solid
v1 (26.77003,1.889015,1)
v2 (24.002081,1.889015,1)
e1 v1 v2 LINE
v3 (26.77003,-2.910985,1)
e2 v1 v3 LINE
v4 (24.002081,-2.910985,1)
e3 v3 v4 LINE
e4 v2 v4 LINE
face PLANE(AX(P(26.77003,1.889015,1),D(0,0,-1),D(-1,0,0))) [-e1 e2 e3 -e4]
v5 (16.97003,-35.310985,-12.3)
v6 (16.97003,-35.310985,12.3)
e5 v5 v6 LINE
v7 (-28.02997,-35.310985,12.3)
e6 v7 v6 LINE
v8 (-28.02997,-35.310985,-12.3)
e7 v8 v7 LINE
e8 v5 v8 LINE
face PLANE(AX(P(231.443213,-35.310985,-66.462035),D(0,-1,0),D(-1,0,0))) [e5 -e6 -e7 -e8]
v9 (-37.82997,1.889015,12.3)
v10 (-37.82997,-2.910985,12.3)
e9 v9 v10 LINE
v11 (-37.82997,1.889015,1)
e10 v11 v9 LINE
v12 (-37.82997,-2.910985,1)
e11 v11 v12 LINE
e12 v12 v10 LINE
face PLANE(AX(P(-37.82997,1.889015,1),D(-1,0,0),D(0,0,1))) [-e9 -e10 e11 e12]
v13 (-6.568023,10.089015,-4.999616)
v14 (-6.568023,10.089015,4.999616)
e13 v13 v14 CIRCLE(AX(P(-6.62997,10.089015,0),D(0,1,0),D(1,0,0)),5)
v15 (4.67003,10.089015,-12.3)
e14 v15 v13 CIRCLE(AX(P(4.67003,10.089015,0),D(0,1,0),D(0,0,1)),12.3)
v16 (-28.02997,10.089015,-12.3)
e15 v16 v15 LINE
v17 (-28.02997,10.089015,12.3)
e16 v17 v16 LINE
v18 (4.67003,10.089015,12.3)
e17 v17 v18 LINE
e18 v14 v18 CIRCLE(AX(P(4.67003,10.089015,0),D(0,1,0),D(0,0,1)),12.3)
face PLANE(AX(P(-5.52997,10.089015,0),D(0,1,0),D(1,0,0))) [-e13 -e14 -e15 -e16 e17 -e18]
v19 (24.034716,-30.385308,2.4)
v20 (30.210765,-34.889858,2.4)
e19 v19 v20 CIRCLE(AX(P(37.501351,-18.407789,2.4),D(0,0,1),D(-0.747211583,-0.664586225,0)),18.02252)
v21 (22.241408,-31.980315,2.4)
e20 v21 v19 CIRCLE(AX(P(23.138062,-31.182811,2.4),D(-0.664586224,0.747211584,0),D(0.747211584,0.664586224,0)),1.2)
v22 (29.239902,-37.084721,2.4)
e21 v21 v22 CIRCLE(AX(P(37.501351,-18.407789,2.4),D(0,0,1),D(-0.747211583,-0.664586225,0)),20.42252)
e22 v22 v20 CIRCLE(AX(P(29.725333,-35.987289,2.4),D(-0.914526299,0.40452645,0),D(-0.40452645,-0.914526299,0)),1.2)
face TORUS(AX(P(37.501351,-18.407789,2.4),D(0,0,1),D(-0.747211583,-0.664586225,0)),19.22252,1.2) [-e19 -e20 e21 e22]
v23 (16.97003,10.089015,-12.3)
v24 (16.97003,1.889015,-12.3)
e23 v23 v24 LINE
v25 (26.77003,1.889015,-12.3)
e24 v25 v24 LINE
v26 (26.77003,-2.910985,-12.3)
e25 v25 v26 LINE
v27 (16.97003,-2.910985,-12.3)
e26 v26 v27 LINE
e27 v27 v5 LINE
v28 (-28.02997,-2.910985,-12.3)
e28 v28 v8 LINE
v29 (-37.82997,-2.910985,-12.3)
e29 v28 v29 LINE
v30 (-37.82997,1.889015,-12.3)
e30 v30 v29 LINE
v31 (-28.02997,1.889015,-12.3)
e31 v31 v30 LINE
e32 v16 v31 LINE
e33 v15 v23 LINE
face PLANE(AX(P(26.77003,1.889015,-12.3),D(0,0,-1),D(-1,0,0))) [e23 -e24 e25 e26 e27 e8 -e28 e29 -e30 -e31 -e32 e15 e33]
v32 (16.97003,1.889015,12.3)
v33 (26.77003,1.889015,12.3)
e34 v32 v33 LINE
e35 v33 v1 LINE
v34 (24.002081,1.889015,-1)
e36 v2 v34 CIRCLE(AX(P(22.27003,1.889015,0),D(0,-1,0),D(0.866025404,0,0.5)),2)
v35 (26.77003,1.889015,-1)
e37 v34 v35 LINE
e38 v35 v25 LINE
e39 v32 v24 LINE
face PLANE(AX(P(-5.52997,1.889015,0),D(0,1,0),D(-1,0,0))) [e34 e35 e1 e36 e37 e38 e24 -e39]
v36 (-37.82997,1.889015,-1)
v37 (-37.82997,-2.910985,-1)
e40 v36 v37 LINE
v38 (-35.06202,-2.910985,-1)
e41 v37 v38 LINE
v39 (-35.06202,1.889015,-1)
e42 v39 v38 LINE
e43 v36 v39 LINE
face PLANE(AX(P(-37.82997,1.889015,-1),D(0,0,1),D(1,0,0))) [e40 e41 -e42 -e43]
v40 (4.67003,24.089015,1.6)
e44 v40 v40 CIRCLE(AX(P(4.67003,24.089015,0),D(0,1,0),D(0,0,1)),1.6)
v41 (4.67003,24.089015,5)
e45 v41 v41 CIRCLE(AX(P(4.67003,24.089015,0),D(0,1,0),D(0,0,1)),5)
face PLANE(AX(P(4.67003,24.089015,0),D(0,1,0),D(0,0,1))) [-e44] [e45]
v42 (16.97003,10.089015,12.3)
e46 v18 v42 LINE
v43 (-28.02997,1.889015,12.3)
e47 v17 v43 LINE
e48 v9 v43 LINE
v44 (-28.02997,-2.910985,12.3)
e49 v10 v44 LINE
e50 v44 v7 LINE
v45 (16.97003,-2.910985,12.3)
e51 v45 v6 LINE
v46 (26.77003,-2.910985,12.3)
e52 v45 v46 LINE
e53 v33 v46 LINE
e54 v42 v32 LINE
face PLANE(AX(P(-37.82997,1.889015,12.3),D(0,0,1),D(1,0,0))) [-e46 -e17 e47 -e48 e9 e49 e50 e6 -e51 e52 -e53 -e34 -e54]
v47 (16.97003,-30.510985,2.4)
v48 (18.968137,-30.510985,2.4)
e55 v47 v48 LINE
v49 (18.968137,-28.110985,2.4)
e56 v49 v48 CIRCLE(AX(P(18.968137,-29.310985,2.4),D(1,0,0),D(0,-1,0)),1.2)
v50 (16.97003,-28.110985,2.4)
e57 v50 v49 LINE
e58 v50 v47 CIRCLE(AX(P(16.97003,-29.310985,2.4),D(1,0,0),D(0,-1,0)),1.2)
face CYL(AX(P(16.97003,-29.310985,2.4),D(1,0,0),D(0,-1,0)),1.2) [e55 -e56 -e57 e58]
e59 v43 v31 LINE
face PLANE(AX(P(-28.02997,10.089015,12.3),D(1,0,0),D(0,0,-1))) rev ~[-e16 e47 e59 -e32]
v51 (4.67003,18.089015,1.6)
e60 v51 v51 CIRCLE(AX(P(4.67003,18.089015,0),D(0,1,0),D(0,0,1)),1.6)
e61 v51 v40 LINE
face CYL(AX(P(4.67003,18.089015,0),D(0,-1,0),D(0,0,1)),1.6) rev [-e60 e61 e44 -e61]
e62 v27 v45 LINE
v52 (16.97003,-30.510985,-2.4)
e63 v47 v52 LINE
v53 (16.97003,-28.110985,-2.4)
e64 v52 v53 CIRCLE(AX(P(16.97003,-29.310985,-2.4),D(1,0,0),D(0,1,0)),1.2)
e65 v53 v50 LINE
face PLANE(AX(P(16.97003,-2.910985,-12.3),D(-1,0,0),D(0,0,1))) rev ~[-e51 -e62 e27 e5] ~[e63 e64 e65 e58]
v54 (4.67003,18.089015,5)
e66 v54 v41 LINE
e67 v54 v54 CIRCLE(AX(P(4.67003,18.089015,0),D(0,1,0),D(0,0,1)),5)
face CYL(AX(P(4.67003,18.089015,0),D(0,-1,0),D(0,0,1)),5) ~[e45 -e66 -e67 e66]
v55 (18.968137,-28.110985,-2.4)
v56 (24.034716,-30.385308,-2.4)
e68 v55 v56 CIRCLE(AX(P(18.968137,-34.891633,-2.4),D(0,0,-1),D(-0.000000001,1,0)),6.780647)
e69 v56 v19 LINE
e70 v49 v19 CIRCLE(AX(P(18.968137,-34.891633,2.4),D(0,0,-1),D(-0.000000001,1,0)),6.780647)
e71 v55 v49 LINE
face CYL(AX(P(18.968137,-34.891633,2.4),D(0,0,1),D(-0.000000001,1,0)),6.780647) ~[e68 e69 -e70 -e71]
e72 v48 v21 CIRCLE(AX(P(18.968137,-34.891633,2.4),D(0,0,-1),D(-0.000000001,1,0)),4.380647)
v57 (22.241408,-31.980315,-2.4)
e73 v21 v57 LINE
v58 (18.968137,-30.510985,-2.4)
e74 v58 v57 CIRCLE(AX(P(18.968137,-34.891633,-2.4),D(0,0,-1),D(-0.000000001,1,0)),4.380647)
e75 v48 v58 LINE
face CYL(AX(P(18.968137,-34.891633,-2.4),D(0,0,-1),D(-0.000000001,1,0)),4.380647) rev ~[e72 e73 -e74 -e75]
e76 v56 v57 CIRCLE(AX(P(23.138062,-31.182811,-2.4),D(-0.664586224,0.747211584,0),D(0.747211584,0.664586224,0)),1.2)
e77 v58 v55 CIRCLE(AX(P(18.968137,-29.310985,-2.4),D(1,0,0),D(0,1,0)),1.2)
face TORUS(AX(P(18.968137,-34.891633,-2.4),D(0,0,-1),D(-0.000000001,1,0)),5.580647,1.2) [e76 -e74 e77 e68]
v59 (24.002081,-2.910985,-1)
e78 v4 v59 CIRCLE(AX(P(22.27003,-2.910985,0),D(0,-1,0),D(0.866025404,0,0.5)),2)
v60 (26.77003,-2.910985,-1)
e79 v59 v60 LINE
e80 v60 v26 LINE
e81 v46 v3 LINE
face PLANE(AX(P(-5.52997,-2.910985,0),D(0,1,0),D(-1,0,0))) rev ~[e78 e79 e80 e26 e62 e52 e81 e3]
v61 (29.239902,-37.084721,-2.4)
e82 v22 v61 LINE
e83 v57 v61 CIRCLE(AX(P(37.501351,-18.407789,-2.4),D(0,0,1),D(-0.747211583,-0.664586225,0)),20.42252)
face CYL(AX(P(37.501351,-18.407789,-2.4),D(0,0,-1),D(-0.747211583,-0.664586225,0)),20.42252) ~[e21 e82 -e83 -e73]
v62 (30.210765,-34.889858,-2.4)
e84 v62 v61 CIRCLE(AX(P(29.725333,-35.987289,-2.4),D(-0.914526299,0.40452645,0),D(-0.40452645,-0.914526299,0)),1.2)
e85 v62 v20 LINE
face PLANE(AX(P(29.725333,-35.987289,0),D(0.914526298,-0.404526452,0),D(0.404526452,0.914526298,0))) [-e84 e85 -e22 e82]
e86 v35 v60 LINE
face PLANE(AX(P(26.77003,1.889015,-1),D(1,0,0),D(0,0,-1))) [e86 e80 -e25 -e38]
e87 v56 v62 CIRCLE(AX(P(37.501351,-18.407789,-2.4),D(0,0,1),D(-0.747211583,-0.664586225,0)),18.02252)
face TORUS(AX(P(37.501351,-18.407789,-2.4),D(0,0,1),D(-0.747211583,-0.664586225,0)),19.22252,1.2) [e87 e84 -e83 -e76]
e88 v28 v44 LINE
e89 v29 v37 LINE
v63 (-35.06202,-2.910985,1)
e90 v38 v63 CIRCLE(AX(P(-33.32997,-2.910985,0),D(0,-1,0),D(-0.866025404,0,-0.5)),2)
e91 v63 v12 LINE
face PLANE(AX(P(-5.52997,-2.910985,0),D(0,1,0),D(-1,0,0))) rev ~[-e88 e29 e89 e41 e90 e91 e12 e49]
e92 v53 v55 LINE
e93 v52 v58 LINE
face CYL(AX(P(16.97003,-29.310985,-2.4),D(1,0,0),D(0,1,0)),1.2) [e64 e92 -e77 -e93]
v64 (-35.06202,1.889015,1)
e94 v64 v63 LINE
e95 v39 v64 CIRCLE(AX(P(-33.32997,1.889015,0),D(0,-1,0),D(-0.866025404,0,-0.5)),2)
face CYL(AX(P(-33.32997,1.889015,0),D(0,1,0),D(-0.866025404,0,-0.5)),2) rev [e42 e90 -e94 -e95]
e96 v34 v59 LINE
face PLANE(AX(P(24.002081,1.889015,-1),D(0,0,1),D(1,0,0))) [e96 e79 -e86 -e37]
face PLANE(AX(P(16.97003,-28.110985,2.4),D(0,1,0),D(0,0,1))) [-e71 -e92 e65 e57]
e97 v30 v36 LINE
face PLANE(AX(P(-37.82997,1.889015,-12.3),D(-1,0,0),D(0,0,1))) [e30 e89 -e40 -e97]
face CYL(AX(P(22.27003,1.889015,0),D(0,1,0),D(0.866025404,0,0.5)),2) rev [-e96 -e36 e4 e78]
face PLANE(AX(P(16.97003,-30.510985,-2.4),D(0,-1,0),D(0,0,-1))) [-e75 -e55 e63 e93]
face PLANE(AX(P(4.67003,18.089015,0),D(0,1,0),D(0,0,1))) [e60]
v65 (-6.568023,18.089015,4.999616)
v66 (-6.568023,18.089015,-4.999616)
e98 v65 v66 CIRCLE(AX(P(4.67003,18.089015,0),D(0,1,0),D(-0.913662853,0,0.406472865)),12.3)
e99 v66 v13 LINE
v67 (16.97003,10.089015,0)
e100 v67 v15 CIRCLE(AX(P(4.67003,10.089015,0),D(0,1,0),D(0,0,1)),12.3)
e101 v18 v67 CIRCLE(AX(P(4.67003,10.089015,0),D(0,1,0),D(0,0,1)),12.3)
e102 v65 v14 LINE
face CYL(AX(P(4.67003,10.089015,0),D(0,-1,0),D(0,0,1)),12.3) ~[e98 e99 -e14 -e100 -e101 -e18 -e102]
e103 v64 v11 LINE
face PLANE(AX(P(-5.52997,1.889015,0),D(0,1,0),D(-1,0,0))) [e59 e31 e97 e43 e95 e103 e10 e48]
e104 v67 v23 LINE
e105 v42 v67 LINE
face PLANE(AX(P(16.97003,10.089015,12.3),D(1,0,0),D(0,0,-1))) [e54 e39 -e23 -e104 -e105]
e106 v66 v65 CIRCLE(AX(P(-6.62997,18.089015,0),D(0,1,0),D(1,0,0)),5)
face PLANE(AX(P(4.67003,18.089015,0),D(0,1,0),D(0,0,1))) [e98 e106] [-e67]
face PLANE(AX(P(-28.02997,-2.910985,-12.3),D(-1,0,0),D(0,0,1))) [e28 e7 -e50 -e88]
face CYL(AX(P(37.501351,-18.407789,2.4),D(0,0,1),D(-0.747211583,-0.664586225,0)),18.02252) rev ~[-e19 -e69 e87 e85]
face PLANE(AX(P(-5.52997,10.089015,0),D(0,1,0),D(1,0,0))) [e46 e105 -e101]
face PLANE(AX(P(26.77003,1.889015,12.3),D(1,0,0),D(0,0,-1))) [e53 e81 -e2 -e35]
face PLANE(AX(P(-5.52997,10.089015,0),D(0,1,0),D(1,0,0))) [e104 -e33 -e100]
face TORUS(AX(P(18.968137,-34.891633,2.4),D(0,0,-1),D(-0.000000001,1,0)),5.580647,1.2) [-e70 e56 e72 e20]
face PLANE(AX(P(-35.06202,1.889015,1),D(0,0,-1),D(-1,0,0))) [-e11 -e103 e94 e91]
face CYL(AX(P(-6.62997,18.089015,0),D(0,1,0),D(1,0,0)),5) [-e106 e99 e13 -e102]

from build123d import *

# Parameters (mm, degrees)
SKETCH1_R               = 6.15
BOSS_EXTRUDE1_DEPTH     = 4
SKETCH2_W               = 22.5
SKETCH2_H               = 12.3
BOSS_EXTRUDE2_DEPTH     = 4.1
BOSS_EXTRUDE3_DEPTH     = 2.4
SKETCH4_W               = 22.5
SKETCH4_H               = 12.3
BOSS_EXTRUDE4_DEPTH     = 23
CUT_EXTRUDE1_DEPTH      = 39.381017444
CUT_EXTRUDE1_DEPTH_BACK = 39.381017444
SKETCH6_R               = 2.5
BOSS_EXTRUDE5_DEPTH     = 23
SKETCH7_R               = 2.5
SKETCH7_R_2             = 0.8
BOSS_EXTRUDE6_DEPTH     = 3
SCALE1_SCALE            = 2


with BuildPart() as part:
    # Sketch1 → Boss-Extrude1 (new body)
    with BuildSketch(Plane(origin=(0, 0, 0), x_dir=(1, 0, 0), z_dir=(0, 1, 0))):
        with Locations(Location((0, 0, 0), (0, 0, 270))):
            Circle(SKETCH1_R)
    extrude(amount=BOSS_EXTRUDE1_DEPTH)

    # Sketch2 → Boss-Extrude2 (add)
    with BuildSketch(Plane(origin=(0, 0, 0), x_dir=(1, 0, 0), z_dir=(0, 1, 0))):
        with Locations((-5.1, 0)):
            Rectangle(SKETCH2_W, SKETCH2_H)
    extrude(amount=-BOSS_EXTRUDE2_DEPTH)

    # Sketch3 → Boss-Extrude3 (add)
    with BuildSketch(Plane.XZ.offset(4.1)):
        with BuildLine():
            Line((-21.25, 6.15), (11.05, 6.15))
            Line((11.05, 6.15), (11.05, 0.5))
            Line((11.05, 0.5), (9.666025404, 0.5))
            ThreePointArc((9.666025404, 0.5), (7.8, 0), (9.666025404, -0.5))
            Line((9.666025404, -0.5), (11.05, -0.5))
            Line((11.05, -0.5), (11.05, -6.15))
            Line((11.05, -6.15), (-21.25, -6.15))
            Line((-21.25, -6.15), (-21.25, -0.5))
            Line((-21.25, -0.5), (-19.866025404, -0.5))
            ThreePointArc((-19.866025404, -0.5), (-18, 0), (-19.866025404, 0.5))
            Line((-19.866025404, 0.5), (-21.25, 0.5))
            Line((-21.25, 0.5), (-21.25, 6.15))
        make_face()
    extrude(amount=BOSS_EXTRUDE3_DEPTH)

    # Sketch4 → Boss-Extrude4 (add)
    with BuildSketch(Plane.XZ.offset(6.5)):
        with Locations((-5.1, 0)):
            Rectangle(SKETCH4_W, SKETCH4_H)
    extrude(amount=BOSS_EXTRUDE4_DEPTH)

    # Sketch5 → Cut-Extrude1 (cut, two sides: drawn at the far end of the back side and taken through both)
    with BuildSketch(Plane.XY.offset(6.15).offset(-CUT_EXTRUDE1_DEPTH_BACK)):
        Polygon((113.386591398, -22.7), (14.208205906, -22.7), (-24.661428279, -22.7), (-123.83981377, -22.7), (-123.83981377, -221.056770983), (113.386591398, -221.056770983), align=None)
    extrude(amount=CUT_EXTRUDE1_DEPTH + CUT_EXTRUDE1_DEPTH_BACK, mode=Mode.SUBTRACT)

    # Sketch6 → Boss-Extrude5 (add)
    with BuildSketch(Plane(origin=(0, 4, 0), x_dir=(1, 0, 0), z_dir=(0, 1, 0))):
        with Locations((-5.65, 0)):
            Circle(SKETCH6_R)
    extrude(amount=-BOSS_EXTRUDE5_DEPTH)

    # Sketch7 → Boss-Extrude6 (add)
    with BuildSketch(Plane(origin=(0, 4, 0), x_dir=(1, 0, 0), z_dir=(0, 1, 0))):
        with Locations(Location((0, 0, 0), (0, 0, 270))):
            Circle(SKETCH7_R)
        with Locations(Location((0, 0, 0), (0, 0, 270))):
            Circle(SKETCH7_R_2, mode=Mode.SUBTRACT)
    extrude(amount=BOSS_EXTRUDE6_DEPTH)

    # Sweep1: sweep along a path in Sketch9
    with BuildLine(Plane.XY) as sweep1_path:
        Line((6.15, -19.7), (7.149053508, -19.7))
        ThreePointArc((7.149053508, -19.7), (8.291747726, -19.944708597), (9.23401566, -20.63591299))
        ThreePointArc((9.23401566, -20.63591299), (10.752004703, -22.013665811), (12.527651525, -23.038151992))
    # Sketch8 → Sweep1 (sweep)
    with BuildSketch(Plane(origin=(6.15, 0, 0), x_dir=(0, 0, -1), z_dir=(1, 0, 0))):
        with BuildLine():
            Line((-1.2, -19.1), (1.2, -19.1))
            ThreePointArc((1.2, -19.1), (1.8, -19.7), (1.2, -20.3))
            Line((1.2, -20.3), (-1.2, -20.3))
            ThreePointArc((-1.2, -20.3), (-1.8, -19.7), (-1.2, -19.1))
        make_face()
    sweep(path=sweep1_path.line)


with BuildPart() as part_1:
    # Scale1: scaled about (-4.670030393, -10.089014718, 0)
    add(part.part.scale(SCALE1_SCALE).moved(Location((4.670030393, 10.089014718, 0))))


solid = part_1.part
